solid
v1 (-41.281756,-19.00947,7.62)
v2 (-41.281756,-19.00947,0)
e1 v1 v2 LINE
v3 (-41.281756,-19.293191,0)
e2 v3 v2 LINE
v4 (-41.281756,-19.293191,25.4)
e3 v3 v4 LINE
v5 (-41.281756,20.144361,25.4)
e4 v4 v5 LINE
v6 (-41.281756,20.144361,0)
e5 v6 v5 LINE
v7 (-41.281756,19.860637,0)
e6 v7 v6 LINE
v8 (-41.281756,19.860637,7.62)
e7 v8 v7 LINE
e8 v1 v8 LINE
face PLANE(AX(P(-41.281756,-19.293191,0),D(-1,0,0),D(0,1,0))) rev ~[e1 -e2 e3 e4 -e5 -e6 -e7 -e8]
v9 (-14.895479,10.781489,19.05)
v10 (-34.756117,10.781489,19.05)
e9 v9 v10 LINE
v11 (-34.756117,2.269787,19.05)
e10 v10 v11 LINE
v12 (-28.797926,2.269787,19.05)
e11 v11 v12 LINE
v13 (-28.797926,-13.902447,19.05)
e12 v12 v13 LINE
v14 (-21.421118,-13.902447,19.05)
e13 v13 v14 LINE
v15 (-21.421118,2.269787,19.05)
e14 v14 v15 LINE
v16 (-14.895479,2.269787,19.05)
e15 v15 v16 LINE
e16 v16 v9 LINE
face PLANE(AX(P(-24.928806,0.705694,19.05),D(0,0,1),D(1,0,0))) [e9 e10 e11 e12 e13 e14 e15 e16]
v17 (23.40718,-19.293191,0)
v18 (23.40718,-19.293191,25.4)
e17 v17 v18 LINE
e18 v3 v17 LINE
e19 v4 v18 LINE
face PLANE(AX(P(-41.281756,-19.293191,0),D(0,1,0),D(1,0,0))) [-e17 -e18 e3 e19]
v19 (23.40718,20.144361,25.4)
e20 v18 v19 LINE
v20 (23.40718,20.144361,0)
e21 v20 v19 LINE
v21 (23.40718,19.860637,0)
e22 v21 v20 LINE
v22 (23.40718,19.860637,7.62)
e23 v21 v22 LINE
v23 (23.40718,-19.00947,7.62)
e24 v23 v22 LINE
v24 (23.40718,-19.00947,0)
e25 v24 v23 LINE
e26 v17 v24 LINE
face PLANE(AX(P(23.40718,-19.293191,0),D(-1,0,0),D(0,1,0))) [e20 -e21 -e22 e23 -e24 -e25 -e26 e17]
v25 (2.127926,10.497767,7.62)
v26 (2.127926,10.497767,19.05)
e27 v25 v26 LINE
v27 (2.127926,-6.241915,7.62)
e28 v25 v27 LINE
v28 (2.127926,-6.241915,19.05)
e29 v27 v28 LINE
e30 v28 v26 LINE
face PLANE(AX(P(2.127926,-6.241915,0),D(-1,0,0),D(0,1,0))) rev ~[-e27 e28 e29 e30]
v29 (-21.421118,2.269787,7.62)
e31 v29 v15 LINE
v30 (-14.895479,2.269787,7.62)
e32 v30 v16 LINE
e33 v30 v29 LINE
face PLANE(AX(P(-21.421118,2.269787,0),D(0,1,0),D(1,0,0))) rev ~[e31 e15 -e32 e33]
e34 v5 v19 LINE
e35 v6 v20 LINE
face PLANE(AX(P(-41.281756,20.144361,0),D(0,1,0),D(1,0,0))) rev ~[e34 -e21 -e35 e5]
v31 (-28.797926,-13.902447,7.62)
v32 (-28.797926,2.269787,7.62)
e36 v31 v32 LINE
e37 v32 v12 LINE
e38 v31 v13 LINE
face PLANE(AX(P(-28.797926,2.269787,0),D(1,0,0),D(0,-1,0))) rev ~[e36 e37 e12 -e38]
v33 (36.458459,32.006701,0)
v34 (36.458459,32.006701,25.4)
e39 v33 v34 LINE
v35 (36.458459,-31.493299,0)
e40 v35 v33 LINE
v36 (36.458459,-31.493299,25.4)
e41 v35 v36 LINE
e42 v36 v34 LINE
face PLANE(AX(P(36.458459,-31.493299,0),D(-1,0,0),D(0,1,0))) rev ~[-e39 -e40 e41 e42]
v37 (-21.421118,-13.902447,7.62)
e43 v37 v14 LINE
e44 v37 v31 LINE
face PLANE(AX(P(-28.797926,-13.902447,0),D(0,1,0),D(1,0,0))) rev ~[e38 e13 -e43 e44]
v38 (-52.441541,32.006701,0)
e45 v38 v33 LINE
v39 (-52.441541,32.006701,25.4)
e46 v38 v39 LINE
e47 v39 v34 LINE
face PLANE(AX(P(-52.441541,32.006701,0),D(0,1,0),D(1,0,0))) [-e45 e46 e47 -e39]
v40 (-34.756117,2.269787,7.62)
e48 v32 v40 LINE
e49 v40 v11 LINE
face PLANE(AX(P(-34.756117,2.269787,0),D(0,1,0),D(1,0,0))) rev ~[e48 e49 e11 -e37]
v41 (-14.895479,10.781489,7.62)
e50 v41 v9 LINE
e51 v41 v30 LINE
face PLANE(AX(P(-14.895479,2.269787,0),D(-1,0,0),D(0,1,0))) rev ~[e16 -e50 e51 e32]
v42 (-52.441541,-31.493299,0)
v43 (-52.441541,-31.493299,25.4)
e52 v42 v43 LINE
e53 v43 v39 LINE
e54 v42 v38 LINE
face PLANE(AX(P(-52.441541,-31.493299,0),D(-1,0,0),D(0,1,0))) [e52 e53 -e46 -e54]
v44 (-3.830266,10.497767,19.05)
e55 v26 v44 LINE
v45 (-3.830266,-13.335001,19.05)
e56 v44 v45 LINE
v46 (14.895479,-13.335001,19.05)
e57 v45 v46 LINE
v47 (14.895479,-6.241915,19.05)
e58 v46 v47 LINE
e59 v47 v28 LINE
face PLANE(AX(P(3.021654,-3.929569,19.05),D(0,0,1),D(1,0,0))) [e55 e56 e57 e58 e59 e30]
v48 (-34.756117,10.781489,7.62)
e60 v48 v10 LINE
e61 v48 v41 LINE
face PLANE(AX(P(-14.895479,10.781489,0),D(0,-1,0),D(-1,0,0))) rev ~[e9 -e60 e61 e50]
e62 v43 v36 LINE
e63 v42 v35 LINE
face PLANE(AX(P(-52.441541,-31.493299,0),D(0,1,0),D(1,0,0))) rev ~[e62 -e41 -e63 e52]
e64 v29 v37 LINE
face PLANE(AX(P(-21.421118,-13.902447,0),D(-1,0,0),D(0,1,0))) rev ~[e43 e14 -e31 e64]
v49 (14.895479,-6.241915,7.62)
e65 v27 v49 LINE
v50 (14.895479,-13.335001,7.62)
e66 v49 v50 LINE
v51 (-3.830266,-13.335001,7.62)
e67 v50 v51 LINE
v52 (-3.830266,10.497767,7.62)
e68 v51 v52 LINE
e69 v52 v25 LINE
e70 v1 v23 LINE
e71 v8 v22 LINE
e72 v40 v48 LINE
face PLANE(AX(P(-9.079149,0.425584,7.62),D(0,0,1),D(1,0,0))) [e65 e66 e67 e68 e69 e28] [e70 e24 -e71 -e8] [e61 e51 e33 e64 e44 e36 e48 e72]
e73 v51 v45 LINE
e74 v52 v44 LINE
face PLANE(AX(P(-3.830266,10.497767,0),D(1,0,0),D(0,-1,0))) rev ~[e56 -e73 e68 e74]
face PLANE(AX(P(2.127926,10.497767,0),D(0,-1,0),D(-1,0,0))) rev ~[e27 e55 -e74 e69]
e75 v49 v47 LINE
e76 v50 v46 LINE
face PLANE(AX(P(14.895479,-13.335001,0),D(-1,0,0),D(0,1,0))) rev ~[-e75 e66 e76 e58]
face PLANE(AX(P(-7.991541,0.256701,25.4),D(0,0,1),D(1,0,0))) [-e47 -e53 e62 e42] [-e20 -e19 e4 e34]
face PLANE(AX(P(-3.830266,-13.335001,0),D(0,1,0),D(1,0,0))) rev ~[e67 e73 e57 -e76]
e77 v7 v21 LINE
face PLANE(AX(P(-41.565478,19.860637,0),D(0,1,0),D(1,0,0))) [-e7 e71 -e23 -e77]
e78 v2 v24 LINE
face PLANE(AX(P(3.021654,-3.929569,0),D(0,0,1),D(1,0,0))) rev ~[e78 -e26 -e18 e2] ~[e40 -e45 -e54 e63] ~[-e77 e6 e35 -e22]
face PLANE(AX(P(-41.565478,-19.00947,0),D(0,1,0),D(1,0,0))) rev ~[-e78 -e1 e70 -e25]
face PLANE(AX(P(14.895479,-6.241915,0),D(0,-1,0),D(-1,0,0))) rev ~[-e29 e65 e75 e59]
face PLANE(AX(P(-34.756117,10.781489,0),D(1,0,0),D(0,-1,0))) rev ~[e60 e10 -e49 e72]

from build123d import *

# Parameters (mm, degrees)
F0_W     = 88.9
F0_H     = 63.5
F0_W_2   = 64.688936
F0_H_2   = 39.437553
F1_DEPTH = 25.4
F2_W     = 64.972658
F2_H     = 38.870107
F3_DEPTH = 7.62
F5_DEPTH = 19.05
F7_DEPTH = 19.05


with BuildPart() as f1:
    # F0 (on Top) → F1 (new body)
    with BuildSketch(Plane.XY):
        with Locations((-7.991541, 0.256701)):
            Rectangle(F0_W, F0_H)
        with Locations((-8.937288, 0.425585)):
            Rectangle(F0_W_2, F0_H_2, mode=Mode.SUBTRACT)
    extrude(amount=F1_DEPTH)

    # F2 (on Top) → F3 (join)
    with BuildSketch(Plane.XY):
        with Locations((-9.079149, 0.425584)):
            Rectangle(F2_W, F2_H)
    extrude(amount=F3_DEPTH)

    # F4 (on Top) → F5 (join)
    with BuildSketch(Plane.XY):
        Polygon((-14.895479, 10.781489), (-34.756117, 10.781489), (-34.756117, 2.269787), (-28.797926, 2.269787), (-28.797926, -13.902447), (-21.421118, -13.902447), (-21.421118, 2.269787), (-14.895479, 2.269787), align=None)
    extrude(amount=F5_DEPTH)

    # F6 (on Top) → F7 (join)
    with BuildSketch(Plane.XY):
        Polygon((2.127926, 10.497767), (-3.830266, 10.497767), (-3.830266, -13.335001), (14.895479, -13.335001), (14.895479, -6.241915), (2.127926, -6.241915), align=None)
    extrude(amount=F7_DEPTH)


solid = f1.part
